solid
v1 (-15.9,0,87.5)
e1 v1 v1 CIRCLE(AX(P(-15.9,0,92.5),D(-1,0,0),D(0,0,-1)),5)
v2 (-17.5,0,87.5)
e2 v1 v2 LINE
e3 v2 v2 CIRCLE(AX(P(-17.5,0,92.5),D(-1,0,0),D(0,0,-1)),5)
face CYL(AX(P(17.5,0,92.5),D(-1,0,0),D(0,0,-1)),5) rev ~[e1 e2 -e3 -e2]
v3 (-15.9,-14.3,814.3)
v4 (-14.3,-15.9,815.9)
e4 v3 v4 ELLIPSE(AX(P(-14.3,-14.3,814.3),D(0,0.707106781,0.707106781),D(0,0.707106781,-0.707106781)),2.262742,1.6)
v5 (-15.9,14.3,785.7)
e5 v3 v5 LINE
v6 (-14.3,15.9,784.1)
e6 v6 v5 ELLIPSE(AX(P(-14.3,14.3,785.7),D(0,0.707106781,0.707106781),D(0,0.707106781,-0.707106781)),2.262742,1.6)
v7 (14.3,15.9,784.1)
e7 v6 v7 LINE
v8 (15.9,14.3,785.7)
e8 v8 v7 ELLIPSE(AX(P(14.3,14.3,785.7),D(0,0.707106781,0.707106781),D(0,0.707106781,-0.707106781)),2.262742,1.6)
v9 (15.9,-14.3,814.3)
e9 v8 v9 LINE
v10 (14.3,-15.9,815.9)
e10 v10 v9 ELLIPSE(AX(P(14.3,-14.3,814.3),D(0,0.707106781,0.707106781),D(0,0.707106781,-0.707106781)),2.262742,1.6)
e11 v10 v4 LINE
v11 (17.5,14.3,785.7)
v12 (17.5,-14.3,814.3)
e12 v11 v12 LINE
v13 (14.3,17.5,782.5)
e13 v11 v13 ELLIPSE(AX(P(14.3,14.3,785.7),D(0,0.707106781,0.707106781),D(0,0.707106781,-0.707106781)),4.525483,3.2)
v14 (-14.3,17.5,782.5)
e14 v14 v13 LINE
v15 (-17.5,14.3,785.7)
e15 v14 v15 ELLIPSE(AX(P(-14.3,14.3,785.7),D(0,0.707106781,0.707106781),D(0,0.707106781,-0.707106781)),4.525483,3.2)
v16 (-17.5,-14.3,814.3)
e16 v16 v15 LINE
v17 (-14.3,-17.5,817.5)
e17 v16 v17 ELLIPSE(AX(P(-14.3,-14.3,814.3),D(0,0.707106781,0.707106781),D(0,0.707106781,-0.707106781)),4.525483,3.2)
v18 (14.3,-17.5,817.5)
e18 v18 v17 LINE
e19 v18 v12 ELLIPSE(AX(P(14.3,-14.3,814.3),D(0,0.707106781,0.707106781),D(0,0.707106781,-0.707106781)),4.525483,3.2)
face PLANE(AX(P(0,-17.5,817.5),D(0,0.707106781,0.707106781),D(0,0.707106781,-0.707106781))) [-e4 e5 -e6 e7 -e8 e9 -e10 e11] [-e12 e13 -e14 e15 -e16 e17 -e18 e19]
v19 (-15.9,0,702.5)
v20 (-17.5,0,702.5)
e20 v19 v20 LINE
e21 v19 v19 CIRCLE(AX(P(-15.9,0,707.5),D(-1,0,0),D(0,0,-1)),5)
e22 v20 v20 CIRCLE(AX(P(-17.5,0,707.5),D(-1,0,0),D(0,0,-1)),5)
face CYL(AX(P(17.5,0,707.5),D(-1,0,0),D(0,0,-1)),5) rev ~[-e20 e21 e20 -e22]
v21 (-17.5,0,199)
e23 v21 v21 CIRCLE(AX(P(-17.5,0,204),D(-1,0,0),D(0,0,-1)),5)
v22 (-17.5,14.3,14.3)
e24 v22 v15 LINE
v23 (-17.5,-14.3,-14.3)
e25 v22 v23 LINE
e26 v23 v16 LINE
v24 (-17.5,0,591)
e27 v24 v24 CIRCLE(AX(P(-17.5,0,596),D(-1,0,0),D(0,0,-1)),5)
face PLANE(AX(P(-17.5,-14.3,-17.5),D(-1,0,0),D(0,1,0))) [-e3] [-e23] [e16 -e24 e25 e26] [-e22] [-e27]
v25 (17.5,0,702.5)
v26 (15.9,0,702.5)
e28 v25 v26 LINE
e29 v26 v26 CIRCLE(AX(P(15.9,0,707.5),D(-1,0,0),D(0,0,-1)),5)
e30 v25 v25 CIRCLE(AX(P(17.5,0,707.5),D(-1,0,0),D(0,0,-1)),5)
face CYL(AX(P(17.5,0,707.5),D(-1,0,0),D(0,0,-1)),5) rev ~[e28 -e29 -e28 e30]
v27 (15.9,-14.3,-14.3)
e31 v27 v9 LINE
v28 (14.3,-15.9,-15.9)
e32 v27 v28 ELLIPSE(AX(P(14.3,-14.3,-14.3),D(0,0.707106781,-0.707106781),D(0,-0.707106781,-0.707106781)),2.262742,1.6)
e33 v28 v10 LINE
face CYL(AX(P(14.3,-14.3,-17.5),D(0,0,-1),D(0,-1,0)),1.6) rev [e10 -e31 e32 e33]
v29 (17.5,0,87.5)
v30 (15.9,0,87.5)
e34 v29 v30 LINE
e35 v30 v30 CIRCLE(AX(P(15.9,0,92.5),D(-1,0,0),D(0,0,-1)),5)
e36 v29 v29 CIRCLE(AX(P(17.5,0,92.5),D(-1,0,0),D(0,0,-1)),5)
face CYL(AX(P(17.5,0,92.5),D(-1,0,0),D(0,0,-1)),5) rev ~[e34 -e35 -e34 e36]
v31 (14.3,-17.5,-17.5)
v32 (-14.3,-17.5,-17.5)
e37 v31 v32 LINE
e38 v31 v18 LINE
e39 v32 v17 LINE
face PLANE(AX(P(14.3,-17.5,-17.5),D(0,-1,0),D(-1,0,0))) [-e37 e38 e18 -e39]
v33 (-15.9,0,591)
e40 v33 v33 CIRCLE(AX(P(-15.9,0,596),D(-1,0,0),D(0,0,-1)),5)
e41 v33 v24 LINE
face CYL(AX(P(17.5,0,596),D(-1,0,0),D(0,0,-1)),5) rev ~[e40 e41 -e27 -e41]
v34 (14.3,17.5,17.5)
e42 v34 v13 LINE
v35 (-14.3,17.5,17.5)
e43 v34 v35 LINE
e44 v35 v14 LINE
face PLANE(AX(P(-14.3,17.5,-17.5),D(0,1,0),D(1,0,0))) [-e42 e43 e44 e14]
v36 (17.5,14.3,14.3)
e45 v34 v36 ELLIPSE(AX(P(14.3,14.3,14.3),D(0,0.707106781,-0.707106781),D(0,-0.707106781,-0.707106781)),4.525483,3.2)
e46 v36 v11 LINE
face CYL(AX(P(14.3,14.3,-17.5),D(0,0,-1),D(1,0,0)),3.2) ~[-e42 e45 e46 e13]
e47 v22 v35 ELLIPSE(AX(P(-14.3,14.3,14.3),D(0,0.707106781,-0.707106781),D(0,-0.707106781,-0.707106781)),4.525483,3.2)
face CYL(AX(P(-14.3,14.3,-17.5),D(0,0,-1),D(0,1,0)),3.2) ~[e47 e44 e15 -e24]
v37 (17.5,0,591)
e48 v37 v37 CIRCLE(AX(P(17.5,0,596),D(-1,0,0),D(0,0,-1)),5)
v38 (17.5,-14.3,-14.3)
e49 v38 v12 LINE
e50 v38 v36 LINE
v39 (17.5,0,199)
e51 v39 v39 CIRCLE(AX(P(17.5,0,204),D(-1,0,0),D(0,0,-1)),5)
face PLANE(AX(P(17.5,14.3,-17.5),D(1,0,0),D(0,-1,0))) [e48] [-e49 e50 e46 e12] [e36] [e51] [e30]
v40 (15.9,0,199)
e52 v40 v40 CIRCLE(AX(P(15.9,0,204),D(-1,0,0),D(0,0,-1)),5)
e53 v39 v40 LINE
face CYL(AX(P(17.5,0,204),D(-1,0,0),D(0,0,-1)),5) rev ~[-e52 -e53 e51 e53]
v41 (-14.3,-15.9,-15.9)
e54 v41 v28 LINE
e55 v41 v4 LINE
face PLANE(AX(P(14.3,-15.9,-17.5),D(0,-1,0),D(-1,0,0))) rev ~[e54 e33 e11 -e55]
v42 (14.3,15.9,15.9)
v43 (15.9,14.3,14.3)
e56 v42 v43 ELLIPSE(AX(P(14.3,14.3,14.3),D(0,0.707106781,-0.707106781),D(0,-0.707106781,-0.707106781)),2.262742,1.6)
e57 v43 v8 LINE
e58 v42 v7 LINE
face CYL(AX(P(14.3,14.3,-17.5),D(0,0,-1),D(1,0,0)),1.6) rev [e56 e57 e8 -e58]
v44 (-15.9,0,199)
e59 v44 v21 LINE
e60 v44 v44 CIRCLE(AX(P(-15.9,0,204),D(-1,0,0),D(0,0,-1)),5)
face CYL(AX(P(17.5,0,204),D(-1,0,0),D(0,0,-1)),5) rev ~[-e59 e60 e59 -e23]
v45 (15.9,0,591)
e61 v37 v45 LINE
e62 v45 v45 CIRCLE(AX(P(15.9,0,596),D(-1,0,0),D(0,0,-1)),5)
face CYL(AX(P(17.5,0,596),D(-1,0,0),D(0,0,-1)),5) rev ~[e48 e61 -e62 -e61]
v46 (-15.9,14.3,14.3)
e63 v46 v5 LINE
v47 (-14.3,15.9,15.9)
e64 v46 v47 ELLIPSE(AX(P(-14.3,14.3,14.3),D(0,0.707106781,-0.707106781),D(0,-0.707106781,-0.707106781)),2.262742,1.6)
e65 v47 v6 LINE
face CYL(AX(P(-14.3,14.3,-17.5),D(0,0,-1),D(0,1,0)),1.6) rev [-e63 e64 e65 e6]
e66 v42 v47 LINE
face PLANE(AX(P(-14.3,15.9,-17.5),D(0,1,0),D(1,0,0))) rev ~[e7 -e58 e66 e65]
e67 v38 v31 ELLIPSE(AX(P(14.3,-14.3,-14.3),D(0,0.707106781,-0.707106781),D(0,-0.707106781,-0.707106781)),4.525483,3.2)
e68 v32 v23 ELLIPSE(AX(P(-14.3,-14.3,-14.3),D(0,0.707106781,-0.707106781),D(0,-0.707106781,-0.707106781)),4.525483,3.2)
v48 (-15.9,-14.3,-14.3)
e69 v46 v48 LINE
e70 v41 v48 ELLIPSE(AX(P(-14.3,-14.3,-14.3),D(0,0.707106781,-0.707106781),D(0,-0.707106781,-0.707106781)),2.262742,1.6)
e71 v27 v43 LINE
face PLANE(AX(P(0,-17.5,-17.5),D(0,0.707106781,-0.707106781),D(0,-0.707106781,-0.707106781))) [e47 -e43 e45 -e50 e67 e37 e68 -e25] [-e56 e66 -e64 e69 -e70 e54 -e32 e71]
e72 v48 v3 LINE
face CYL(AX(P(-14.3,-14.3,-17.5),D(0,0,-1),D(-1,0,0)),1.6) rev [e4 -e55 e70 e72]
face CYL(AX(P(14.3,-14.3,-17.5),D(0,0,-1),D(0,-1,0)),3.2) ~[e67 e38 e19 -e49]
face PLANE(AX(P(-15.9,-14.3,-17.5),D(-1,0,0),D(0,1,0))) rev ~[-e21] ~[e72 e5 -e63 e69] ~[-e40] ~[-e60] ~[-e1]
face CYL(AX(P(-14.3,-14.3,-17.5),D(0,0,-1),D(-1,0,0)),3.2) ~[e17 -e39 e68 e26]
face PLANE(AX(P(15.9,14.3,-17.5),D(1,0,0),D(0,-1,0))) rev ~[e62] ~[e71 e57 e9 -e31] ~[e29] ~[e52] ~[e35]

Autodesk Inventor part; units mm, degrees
ref_plane "Start plane" through (0, 0, -17.5) normal (0, 0, 1) x (1, 0, 0)
ref_plane "End plane" through (0, 0, 817.5) normal (0, 0, 1) x (1, 0, 0)
sketch "Sketch" plane through (0, 0, 0) normal (0, 0, 1) x (1, 0, 0)
  line L0 (-17.5, -14.3) -> (-17.5, 14.3)
  line L1 (-14.3, 17.5) -> (14.3, 17.5)
  line L2 (17.5, 14.3) -> (17.5, -14.3)
  line L3 (14.3, -17.5) -> (-14.3, -17.5)
  arc A0 (-17.5, -14.3) -> (-14.3, -17.5) centre (-14.3, -14.3) ccw
  arc A1 (-14.3, 17.5) -> (-17.5, 14.3) centre (-14.3, 14.3) ccw
  arc A2 (17.5, 14.3) -> (14.3, 17.5) centre (14.3, 14.3) ccw
  arc A3 (14.3, -17.5) -> (17.5, -14.3) centre (14.3, -14.3) ccw
  arc A4 (-14.3, 15.9) -> (-15.9, 14.3) centre (-14.3, 14.3) ccw
  line L4 (-14.3, 15.9) -> (14.3, 15.9)
  arc A5 (15.9, 14.3) -> (14.3, 15.9) centre (14.3, 14.3) ccw
  line L5 (15.9, 14.3) -> (15.9, -14.3)
  arc A6 (14.3, -15.9) -> (15.9, -14.3) centre (14.3, -14.3) ccw
  line L6 (14.3, -15.9) -> (-14.3, -15.9)
  arc A7 (-15.9, -14.3) -> (-14.3, -15.9) centre (-14.3, -14.3) ccw
  line L7 (-15.9, -14.3) -> (-15.9, 14.3)
  line L8 (0, 25.4278) -> (0, -25.4278) construction
  line L9 (-25.4278, 0) -> (25.4278, 0) construction
  dimension "d7" = 3.2
  dimension "d10" = 35
  dimension "d11" = 35
  dimension "d12" = 1.6
  dimension "d15" = 17.5
  dimension "d16" = 17.5
extrude "Body" add sketch "Sketch" along normal up to surface (835 mm away) from surface at -17.5
sketch "Sketch3" plane through (0, 0, 0) normal (0, 0, 1) x (1, 0, 0)
  line L0 (0, 0) -> (10, 0)
ref_plane "Work Plane3" through (0, 0, 0) normal (0, -1, 0) x (1, 0, 0)
sketch "Sketch4" plane through (0, 0, 0) normal (0, -1, 0) x (1, 0, 0)
  line L0 (-2, -17.5) -> (12, -17.5)
  line L1 (-2, 817.5) -> (12, 817.5)
  dimension "d18" = 835
ref_plane "Work Plane7" through (10, 0, -17.5) normal (0, 0, -1) x (-1, 0, 0)
split "Split4" plane through (10, 0, -17.5) removes the side toward (0, 0, -1)
ref_plane "Work Plane8" through (0, -17.5, -17.5) normal (0, 0.7071, -0.7071) x (1, 0, 0)
split "Split5" plane through (0, -17.5, -17.5) removes the side toward (0, 0.7071, -0.7071)
ref_plane "Work Plane9" through (0, -17.5, 817.5) normal (0, 0.7071, 0.7071) x (1, 0, 0)
split "Split6" plane through (0, -17.5, 817.5) removes the side toward (0, 0.7071, 0.7071)
sketch "Sketch5" plane through (17.5, -14.3, 814.3) normal (1, 0, 0) x (0, 0, -1)
  line L0 (28.6, 28.6) -> (0, 0) construction
  line L1 (0, 0) -> (828.6, 0) construction
  line L2 (828.6, 0) -> (800, 28.6) construction
  line L3 (28.6, 28.6) -> (200, 28.6) construction
  line L4 (721.8, 0) -> (721.8, 28.6) construction
  line L5 (28.6, 28.6) -> (800, 28.6) construction
  line L6 (796.8, 496.8) -> (796.8, 31.8) construction
  line L7 (721.8, 14.3) -> (610.3, 14.3) construction
  line L8 (610.3, 28.6) -> (610.3, 0) construction
  line L9 (31.8, 96.8) -> (31.8, 31.8) construction
  line L10 (106.8, 28.6) -> (106.8, 0) construction
  line L11 (106.8, 14.3) -> (218.3, 14.3) construction
  line L12 (218.3, 28.6) -> (218.3, 0) construction
  line L13 (200, 28.6) -> (200, 14.3) projected
  line L14 (228.6, 28.6) -> (400, 28.6) projected
  line L15 (228.6, 28.6) -> (228.6, 14.3) projected
  line L16 (228.6, 14.3) -> (200, 14.3) projected
  line L17 (400, 28.6) -> (400, 14.3) projected
  line L18 (428.6, 28.6) -> (600, 28.6) projected
  line L19 (428.6, 28.6) -> (428.6, 14.3) projected
  line L20 (428.6, 14.3) -> (400, 14.3) projected
  line L21 (600, 28.6) -> (600, 14.3) projected
  line L22 (628.6, 28.6) -> (800, 28.6) projected
  line L23 (628.6, 28.6) -> (628.6, 14.3) projected
  line L24 (628.6, 14.3) -> (600, 14.3) projected
  point P0 (814.3, 14.3)
  dimension "d19" = 75
  dimension "d20" = 111.5
  dimension "d22" = 75
  dimension "d23" = 111.5
hole "Hole1" at (17.5, 0, 92.5) at (17.5, 0, 204) at (17.5, 0, 596) at (17.5, 0, 707.5) direction (-1, 0, 0) diameter 10 end through all
equation "\"d7\" = G_IR"
equation "\"d10\" = G_H"
equation "\"d11\" = G_W"
equation "\"d12\" = G_T"
equation "\"d15\" = 0.5 * d10"
equation "\"d16\" = 0.5 * d11"
equation "\"d3\" = G_L"
equation "\"G_W\" = 35"
equation "\"G_H\" = 35"
equation "\"G_T\" = 1.6"
equation "\"G_IR\" = 3.2"
equation "\"G_L\" = d18"
equation "\"G_OFFSET_START\" = 17.5"
equation "\"G_OFFSET_END\" = 17.5"
equation "\"d13\" = -G_OFFSET_START"
equation "\"d14\" = G_OFFSET_END + B_L"
equation "\"B_L\" = 800"
properties part number "AS 1163 - C350L0 35x35x1.6 SHS - 835" material "Steel, Mild"
